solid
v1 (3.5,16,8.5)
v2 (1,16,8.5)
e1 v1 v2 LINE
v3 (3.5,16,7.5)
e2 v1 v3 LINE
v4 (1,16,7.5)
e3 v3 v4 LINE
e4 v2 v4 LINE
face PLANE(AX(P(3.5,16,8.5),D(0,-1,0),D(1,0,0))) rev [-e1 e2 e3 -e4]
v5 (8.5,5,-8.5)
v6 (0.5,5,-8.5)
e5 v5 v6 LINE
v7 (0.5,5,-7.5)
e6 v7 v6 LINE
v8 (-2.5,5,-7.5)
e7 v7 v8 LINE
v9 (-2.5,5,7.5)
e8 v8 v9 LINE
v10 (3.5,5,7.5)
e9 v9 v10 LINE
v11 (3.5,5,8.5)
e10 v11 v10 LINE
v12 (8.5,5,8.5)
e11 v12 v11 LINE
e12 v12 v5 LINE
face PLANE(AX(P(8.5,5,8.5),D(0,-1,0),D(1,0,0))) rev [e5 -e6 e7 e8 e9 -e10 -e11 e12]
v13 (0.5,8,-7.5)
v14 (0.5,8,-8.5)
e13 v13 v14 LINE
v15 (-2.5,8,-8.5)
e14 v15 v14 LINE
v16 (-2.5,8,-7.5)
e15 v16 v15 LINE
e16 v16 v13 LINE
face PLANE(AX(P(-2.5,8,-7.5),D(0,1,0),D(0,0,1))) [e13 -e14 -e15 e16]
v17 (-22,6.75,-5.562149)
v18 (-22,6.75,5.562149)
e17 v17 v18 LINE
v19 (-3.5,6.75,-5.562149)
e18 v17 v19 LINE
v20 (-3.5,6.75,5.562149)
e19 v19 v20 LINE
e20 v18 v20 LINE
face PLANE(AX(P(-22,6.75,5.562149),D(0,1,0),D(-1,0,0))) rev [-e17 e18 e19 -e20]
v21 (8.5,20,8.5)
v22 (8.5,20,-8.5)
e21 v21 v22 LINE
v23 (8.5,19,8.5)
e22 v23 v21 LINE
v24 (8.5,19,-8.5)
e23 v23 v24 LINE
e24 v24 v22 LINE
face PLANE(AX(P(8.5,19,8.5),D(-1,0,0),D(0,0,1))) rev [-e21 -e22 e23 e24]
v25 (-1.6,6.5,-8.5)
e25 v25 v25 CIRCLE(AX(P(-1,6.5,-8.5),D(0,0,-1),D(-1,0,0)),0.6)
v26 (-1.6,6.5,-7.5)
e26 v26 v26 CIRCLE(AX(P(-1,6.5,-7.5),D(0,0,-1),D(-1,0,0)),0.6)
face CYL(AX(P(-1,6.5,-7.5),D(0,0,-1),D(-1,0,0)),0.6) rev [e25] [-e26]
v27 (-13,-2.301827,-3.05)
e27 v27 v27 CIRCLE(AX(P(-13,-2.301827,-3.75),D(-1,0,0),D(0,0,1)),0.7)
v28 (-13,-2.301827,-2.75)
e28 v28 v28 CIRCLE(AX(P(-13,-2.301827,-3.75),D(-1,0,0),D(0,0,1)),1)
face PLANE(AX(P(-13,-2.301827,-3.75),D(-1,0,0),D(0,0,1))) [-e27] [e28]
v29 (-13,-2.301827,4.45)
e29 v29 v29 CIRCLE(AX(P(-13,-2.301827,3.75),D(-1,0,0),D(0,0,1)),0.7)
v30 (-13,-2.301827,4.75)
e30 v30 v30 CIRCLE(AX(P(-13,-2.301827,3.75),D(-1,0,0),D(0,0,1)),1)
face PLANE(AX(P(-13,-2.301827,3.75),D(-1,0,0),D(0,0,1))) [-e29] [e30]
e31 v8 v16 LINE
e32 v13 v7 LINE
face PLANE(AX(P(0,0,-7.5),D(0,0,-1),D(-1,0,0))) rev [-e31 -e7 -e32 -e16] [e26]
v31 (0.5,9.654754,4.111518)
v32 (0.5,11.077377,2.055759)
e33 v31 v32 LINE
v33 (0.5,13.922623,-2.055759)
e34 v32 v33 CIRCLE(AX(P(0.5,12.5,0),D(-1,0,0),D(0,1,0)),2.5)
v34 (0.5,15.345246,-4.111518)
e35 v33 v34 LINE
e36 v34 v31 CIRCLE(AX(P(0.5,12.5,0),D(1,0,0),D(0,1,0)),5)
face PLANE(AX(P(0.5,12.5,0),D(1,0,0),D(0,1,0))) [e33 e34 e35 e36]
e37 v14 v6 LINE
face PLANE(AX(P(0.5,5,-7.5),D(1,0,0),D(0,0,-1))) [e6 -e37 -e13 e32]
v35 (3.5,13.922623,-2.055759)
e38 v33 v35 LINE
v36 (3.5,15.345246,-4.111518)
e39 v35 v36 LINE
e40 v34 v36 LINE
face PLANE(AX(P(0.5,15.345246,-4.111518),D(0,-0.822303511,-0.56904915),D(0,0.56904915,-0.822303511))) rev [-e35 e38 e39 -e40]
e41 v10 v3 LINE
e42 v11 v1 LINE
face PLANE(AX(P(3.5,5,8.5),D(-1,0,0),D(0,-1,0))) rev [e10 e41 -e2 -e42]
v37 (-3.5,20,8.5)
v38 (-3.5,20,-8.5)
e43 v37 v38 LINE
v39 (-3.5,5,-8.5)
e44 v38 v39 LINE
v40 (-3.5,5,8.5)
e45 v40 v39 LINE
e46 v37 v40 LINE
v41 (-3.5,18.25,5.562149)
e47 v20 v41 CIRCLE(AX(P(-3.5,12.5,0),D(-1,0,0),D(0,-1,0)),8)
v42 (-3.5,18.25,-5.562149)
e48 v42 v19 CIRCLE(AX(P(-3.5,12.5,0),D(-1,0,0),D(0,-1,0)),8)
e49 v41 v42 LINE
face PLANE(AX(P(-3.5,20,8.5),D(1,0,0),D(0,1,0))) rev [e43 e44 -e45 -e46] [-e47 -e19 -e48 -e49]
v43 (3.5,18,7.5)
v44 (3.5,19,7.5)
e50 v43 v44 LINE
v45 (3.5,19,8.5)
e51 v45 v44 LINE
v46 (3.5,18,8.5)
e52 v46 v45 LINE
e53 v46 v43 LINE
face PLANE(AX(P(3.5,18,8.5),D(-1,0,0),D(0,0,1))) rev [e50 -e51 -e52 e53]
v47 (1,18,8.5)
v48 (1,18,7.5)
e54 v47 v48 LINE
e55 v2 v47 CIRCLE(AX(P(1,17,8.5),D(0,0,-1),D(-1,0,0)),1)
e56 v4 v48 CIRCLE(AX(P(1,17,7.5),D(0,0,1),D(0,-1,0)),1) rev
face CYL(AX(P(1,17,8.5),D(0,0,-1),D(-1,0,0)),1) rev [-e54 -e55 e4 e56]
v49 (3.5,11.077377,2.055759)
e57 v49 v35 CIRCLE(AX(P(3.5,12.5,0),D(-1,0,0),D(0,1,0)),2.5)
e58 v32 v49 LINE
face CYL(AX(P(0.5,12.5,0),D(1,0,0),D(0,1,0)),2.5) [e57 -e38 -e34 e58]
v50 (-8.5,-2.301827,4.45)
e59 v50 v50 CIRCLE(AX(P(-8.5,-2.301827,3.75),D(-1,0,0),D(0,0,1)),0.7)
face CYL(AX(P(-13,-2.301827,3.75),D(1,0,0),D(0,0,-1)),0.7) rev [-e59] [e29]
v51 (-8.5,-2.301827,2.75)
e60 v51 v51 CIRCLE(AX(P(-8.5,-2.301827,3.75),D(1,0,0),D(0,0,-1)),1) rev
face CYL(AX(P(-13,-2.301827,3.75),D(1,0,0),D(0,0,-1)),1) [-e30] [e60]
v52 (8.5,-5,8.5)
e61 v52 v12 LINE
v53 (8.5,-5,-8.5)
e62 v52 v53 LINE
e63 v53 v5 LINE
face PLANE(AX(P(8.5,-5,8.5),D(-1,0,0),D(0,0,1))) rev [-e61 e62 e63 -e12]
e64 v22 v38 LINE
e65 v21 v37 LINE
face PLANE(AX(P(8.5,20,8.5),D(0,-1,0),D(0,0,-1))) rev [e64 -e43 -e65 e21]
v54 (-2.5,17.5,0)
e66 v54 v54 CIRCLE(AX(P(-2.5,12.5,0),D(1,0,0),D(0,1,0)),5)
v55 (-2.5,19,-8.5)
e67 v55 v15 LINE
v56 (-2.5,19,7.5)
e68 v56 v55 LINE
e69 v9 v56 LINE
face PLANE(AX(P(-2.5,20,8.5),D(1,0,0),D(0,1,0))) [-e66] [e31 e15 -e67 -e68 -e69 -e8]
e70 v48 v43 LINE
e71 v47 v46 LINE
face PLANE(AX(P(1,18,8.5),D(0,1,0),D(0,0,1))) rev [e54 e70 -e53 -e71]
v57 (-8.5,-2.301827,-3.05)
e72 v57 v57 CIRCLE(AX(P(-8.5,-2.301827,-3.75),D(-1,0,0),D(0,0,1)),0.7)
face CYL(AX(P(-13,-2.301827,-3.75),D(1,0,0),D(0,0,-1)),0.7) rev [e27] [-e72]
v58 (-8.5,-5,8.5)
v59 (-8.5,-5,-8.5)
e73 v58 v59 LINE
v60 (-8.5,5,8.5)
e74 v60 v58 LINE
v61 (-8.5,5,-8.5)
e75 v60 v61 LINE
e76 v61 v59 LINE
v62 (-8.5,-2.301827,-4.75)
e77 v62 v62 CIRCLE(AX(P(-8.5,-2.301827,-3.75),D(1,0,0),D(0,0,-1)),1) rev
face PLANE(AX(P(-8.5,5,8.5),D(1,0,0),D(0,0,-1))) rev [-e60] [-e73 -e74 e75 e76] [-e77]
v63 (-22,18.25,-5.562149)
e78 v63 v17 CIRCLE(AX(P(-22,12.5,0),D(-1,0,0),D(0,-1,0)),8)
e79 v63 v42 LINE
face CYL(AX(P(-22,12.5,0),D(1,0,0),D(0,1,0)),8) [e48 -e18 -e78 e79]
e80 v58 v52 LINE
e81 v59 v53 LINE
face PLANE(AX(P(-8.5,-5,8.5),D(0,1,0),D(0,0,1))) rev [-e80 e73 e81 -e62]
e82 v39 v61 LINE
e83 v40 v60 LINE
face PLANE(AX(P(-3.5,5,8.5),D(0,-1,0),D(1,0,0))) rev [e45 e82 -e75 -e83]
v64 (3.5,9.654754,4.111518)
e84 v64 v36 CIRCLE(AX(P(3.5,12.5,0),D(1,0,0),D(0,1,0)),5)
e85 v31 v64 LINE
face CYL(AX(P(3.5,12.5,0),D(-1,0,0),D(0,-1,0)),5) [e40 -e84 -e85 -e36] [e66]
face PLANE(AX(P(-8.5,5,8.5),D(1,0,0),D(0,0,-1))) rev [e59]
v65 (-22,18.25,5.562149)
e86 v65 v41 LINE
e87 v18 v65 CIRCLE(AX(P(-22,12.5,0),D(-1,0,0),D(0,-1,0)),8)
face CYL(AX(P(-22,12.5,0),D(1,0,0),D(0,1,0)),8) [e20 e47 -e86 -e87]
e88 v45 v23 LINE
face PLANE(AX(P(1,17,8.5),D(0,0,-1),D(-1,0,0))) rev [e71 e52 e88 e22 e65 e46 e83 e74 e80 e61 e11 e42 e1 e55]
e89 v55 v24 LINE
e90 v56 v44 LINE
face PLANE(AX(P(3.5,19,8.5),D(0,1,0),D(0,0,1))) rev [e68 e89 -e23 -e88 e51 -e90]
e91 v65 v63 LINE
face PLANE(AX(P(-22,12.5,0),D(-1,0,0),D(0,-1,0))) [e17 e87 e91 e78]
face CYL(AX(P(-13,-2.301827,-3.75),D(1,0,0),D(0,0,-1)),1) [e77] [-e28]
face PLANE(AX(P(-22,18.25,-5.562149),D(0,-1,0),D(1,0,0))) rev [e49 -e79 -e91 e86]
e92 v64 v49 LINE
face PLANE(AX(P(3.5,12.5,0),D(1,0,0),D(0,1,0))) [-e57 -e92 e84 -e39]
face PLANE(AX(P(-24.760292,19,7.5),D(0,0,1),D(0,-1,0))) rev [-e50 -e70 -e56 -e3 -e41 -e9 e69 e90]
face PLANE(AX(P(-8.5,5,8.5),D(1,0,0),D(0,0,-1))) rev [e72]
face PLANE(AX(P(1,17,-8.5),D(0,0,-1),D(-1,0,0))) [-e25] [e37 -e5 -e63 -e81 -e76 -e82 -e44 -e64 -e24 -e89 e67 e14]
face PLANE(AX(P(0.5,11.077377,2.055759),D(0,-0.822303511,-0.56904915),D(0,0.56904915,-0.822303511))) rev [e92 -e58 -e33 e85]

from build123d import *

# Parameters (mm, degrees)
BOSS_EXTRUDE1_DEPTH     = 8.5
CUT_EXTRUDE1_DEPTH      = 24.334523779
CUT_EXTRUDE1_DEPTH_BACK = 2.5
SKETCH2_W               = 16
SKETCH2_H               = 14
SKETCH3_W               = 3
SKETCH3_H               = 3
SKETCH3_R               = 0.6
BOSS_EXTRUDE2_DEPTH     = 1
BOSS_EXTRUDE3_DEPTH     = 18.5
SKETCH5_R               = 5
BOSS_EXTRUDE4_DEPTH     = 6
CUT_EXTRUDE2_START      = -3
CUT_EXTRUDE2_DEPTH      = 3
SKETCH7_R               = 1
SKETCH7_R_2             = 0.7
BOSS_EXTRUDE5_DEPTH     = 4.5


with BuildPart() as part:
    # Sketch1 → Boss-Extrude1 (new, symmetric)
    with BuildSketch(Plane.XY):
        with BuildLine():
            Line((-8.5, 5), (-8.5, -5))
            Line((-8.5, -5), (8.5, -5))
            Line((8.5, -5), (8.5, 5))
            Line((8.5, 5), (3.5, 5))
            Line((3.5, 5), (3.5, 16))
            Line((3.5, 16), (1, 16))
            ThreePointArc((1, 16), (0, 17), (1, 18))
            Line((1, 18), (3.5, 18))
            Line((3.5, 18), (3.5, 19))
            Line((3.5, 19), (8.5, 19))
            Line((8.5, 19), (8.5, 20))
            Line((8.5, 20), (-3.5, 20))
            Line((-3.5, 20), (-3.5, 5))
            Line((-3.5, 5), (-8.5, 5))
        make_face()
    extrude(amount=BOSS_EXTRUDE1_DEPTH, both=True)

    # Sketch2 → Cut-Extrude1 (cut, two sides: drawn at the far end of the back side and taken through both)
    with BuildSketch(Plane(origin=(0, 0, 0), x_dir=(0, 0, -1), z_dir=(1, 0, 0)).offset(-CUT_EXTRUDE1_DEPTH_BACK)):
        with Locations((0.5, 12)):
            Rectangle(SKETCH2_W, SKETCH2_H)
    extrude(amount=CUT_EXTRUDE1_DEPTH + CUT_EXTRUDE1_DEPTH_BACK, mode=Mode.SUBTRACT)

    # Sketch3 → Boss-Extrude2 (add)
    with BuildSketch(Plane(origin=(0, 0, -8.5), x_dir=(-1, 0, 0), z_dir=(0, 0, -1))):
        with Locations((1, 6.5)):
            Rectangle(SKETCH3_W, SKETCH3_H)
        with Locations((1, 6.5)):
            Circle(SKETCH3_R, mode=Mode.SUBTRACT)
    extrude(amount=-BOSS_EXTRUDE2_DEPTH)

    # Sketch4 → Boss-Extrude3 (add)
    with BuildSketch(Plane.ZY.offset(3.5)):
        with BuildLine():
            Line((-5.562148865, 18.25), (5.562148865, 18.25))
            ThreePointArc((5.562148865, 18.25), (8, 12.5), (5.562148865, 6.75))
            Line((5.562148865, 6.75), (-5.562148865, 6.75))
            ThreePointArc((-5.562148865, 6.75), (-8, 12.5), (-5.562148865, 18.25))
        make_face()
    extrude(amount=BOSS_EXTRUDE3_DEPTH)

    # Sketch5 → Boss-Extrude4 (add)
    with BuildSketch(Plane(origin=(-2.5, 0, 0), x_dir=(0, 0, -1), z_dir=(1, 0, 0))):
        with Locations(Location((0, 12.5, 0), (0, 0, 90))):
            Circle(SKETCH5_R)
    extrude(amount=BOSS_EXTRUDE4_DEPTH)

    # Sketch6 → Cut-Extrude2 (cut)
    with BuildSketch(Plane(origin=(3.5, 0, 0), x_dir=(0, 0, -1), z_dir=(1, 0, 0)).offset(CUT_EXTRUDE2_START)):
        with BuildLine():
            Line((4.111517555, 15.345245752), (2.055758778, 13.922622876))
            ThreePointArc((2.055758778, 13.922622876), (-1.422622876, 14.555758778), (-2.055758778, 11.077377124))
            Line((-2.055758778, 11.077377124), (-4.111517555, 9.654754248))
            ThreePointArc((-4.111517555, 9.654754248), (-2.845245752, 16.611517555), (4.111517555, 15.345245752))
        make_face()
    extrude(amount=CUT_EXTRUDE2_DEPTH, mode=Mode.SUBTRACT)

    # Sketch7 → Boss-Extrude5 (add)
    # profile 1 of 2: a face of its own
    with BuildSketch(Plane.ZY.offset(8.5)):
        with Locations(Location((-3.75, -2.301826995, 0), (0, 0, 180))):
            Circle(SKETCH7_R)
        with Locations((-3.75, -2.301826995)):
            Circle(SKETCH7_R_2, mode=Mode.SUBTRACT)
    # profile 2 of 2: a face of its own
    with BuildSketch(Plane.ZY.offset(8.5)):
        with Locations(Location((3.75, -2.301826995, 0), (0, 0, 180))):
            Circle(SKETCH7_R)
        with Locations((3.75, -2.301826995)):
            Circle(SKETCH7_R_2, mode=Mode.SUBTRACT)
    extrude(amount=BOSS_EXTRUDE5_DEPTH)


solid = part.part
